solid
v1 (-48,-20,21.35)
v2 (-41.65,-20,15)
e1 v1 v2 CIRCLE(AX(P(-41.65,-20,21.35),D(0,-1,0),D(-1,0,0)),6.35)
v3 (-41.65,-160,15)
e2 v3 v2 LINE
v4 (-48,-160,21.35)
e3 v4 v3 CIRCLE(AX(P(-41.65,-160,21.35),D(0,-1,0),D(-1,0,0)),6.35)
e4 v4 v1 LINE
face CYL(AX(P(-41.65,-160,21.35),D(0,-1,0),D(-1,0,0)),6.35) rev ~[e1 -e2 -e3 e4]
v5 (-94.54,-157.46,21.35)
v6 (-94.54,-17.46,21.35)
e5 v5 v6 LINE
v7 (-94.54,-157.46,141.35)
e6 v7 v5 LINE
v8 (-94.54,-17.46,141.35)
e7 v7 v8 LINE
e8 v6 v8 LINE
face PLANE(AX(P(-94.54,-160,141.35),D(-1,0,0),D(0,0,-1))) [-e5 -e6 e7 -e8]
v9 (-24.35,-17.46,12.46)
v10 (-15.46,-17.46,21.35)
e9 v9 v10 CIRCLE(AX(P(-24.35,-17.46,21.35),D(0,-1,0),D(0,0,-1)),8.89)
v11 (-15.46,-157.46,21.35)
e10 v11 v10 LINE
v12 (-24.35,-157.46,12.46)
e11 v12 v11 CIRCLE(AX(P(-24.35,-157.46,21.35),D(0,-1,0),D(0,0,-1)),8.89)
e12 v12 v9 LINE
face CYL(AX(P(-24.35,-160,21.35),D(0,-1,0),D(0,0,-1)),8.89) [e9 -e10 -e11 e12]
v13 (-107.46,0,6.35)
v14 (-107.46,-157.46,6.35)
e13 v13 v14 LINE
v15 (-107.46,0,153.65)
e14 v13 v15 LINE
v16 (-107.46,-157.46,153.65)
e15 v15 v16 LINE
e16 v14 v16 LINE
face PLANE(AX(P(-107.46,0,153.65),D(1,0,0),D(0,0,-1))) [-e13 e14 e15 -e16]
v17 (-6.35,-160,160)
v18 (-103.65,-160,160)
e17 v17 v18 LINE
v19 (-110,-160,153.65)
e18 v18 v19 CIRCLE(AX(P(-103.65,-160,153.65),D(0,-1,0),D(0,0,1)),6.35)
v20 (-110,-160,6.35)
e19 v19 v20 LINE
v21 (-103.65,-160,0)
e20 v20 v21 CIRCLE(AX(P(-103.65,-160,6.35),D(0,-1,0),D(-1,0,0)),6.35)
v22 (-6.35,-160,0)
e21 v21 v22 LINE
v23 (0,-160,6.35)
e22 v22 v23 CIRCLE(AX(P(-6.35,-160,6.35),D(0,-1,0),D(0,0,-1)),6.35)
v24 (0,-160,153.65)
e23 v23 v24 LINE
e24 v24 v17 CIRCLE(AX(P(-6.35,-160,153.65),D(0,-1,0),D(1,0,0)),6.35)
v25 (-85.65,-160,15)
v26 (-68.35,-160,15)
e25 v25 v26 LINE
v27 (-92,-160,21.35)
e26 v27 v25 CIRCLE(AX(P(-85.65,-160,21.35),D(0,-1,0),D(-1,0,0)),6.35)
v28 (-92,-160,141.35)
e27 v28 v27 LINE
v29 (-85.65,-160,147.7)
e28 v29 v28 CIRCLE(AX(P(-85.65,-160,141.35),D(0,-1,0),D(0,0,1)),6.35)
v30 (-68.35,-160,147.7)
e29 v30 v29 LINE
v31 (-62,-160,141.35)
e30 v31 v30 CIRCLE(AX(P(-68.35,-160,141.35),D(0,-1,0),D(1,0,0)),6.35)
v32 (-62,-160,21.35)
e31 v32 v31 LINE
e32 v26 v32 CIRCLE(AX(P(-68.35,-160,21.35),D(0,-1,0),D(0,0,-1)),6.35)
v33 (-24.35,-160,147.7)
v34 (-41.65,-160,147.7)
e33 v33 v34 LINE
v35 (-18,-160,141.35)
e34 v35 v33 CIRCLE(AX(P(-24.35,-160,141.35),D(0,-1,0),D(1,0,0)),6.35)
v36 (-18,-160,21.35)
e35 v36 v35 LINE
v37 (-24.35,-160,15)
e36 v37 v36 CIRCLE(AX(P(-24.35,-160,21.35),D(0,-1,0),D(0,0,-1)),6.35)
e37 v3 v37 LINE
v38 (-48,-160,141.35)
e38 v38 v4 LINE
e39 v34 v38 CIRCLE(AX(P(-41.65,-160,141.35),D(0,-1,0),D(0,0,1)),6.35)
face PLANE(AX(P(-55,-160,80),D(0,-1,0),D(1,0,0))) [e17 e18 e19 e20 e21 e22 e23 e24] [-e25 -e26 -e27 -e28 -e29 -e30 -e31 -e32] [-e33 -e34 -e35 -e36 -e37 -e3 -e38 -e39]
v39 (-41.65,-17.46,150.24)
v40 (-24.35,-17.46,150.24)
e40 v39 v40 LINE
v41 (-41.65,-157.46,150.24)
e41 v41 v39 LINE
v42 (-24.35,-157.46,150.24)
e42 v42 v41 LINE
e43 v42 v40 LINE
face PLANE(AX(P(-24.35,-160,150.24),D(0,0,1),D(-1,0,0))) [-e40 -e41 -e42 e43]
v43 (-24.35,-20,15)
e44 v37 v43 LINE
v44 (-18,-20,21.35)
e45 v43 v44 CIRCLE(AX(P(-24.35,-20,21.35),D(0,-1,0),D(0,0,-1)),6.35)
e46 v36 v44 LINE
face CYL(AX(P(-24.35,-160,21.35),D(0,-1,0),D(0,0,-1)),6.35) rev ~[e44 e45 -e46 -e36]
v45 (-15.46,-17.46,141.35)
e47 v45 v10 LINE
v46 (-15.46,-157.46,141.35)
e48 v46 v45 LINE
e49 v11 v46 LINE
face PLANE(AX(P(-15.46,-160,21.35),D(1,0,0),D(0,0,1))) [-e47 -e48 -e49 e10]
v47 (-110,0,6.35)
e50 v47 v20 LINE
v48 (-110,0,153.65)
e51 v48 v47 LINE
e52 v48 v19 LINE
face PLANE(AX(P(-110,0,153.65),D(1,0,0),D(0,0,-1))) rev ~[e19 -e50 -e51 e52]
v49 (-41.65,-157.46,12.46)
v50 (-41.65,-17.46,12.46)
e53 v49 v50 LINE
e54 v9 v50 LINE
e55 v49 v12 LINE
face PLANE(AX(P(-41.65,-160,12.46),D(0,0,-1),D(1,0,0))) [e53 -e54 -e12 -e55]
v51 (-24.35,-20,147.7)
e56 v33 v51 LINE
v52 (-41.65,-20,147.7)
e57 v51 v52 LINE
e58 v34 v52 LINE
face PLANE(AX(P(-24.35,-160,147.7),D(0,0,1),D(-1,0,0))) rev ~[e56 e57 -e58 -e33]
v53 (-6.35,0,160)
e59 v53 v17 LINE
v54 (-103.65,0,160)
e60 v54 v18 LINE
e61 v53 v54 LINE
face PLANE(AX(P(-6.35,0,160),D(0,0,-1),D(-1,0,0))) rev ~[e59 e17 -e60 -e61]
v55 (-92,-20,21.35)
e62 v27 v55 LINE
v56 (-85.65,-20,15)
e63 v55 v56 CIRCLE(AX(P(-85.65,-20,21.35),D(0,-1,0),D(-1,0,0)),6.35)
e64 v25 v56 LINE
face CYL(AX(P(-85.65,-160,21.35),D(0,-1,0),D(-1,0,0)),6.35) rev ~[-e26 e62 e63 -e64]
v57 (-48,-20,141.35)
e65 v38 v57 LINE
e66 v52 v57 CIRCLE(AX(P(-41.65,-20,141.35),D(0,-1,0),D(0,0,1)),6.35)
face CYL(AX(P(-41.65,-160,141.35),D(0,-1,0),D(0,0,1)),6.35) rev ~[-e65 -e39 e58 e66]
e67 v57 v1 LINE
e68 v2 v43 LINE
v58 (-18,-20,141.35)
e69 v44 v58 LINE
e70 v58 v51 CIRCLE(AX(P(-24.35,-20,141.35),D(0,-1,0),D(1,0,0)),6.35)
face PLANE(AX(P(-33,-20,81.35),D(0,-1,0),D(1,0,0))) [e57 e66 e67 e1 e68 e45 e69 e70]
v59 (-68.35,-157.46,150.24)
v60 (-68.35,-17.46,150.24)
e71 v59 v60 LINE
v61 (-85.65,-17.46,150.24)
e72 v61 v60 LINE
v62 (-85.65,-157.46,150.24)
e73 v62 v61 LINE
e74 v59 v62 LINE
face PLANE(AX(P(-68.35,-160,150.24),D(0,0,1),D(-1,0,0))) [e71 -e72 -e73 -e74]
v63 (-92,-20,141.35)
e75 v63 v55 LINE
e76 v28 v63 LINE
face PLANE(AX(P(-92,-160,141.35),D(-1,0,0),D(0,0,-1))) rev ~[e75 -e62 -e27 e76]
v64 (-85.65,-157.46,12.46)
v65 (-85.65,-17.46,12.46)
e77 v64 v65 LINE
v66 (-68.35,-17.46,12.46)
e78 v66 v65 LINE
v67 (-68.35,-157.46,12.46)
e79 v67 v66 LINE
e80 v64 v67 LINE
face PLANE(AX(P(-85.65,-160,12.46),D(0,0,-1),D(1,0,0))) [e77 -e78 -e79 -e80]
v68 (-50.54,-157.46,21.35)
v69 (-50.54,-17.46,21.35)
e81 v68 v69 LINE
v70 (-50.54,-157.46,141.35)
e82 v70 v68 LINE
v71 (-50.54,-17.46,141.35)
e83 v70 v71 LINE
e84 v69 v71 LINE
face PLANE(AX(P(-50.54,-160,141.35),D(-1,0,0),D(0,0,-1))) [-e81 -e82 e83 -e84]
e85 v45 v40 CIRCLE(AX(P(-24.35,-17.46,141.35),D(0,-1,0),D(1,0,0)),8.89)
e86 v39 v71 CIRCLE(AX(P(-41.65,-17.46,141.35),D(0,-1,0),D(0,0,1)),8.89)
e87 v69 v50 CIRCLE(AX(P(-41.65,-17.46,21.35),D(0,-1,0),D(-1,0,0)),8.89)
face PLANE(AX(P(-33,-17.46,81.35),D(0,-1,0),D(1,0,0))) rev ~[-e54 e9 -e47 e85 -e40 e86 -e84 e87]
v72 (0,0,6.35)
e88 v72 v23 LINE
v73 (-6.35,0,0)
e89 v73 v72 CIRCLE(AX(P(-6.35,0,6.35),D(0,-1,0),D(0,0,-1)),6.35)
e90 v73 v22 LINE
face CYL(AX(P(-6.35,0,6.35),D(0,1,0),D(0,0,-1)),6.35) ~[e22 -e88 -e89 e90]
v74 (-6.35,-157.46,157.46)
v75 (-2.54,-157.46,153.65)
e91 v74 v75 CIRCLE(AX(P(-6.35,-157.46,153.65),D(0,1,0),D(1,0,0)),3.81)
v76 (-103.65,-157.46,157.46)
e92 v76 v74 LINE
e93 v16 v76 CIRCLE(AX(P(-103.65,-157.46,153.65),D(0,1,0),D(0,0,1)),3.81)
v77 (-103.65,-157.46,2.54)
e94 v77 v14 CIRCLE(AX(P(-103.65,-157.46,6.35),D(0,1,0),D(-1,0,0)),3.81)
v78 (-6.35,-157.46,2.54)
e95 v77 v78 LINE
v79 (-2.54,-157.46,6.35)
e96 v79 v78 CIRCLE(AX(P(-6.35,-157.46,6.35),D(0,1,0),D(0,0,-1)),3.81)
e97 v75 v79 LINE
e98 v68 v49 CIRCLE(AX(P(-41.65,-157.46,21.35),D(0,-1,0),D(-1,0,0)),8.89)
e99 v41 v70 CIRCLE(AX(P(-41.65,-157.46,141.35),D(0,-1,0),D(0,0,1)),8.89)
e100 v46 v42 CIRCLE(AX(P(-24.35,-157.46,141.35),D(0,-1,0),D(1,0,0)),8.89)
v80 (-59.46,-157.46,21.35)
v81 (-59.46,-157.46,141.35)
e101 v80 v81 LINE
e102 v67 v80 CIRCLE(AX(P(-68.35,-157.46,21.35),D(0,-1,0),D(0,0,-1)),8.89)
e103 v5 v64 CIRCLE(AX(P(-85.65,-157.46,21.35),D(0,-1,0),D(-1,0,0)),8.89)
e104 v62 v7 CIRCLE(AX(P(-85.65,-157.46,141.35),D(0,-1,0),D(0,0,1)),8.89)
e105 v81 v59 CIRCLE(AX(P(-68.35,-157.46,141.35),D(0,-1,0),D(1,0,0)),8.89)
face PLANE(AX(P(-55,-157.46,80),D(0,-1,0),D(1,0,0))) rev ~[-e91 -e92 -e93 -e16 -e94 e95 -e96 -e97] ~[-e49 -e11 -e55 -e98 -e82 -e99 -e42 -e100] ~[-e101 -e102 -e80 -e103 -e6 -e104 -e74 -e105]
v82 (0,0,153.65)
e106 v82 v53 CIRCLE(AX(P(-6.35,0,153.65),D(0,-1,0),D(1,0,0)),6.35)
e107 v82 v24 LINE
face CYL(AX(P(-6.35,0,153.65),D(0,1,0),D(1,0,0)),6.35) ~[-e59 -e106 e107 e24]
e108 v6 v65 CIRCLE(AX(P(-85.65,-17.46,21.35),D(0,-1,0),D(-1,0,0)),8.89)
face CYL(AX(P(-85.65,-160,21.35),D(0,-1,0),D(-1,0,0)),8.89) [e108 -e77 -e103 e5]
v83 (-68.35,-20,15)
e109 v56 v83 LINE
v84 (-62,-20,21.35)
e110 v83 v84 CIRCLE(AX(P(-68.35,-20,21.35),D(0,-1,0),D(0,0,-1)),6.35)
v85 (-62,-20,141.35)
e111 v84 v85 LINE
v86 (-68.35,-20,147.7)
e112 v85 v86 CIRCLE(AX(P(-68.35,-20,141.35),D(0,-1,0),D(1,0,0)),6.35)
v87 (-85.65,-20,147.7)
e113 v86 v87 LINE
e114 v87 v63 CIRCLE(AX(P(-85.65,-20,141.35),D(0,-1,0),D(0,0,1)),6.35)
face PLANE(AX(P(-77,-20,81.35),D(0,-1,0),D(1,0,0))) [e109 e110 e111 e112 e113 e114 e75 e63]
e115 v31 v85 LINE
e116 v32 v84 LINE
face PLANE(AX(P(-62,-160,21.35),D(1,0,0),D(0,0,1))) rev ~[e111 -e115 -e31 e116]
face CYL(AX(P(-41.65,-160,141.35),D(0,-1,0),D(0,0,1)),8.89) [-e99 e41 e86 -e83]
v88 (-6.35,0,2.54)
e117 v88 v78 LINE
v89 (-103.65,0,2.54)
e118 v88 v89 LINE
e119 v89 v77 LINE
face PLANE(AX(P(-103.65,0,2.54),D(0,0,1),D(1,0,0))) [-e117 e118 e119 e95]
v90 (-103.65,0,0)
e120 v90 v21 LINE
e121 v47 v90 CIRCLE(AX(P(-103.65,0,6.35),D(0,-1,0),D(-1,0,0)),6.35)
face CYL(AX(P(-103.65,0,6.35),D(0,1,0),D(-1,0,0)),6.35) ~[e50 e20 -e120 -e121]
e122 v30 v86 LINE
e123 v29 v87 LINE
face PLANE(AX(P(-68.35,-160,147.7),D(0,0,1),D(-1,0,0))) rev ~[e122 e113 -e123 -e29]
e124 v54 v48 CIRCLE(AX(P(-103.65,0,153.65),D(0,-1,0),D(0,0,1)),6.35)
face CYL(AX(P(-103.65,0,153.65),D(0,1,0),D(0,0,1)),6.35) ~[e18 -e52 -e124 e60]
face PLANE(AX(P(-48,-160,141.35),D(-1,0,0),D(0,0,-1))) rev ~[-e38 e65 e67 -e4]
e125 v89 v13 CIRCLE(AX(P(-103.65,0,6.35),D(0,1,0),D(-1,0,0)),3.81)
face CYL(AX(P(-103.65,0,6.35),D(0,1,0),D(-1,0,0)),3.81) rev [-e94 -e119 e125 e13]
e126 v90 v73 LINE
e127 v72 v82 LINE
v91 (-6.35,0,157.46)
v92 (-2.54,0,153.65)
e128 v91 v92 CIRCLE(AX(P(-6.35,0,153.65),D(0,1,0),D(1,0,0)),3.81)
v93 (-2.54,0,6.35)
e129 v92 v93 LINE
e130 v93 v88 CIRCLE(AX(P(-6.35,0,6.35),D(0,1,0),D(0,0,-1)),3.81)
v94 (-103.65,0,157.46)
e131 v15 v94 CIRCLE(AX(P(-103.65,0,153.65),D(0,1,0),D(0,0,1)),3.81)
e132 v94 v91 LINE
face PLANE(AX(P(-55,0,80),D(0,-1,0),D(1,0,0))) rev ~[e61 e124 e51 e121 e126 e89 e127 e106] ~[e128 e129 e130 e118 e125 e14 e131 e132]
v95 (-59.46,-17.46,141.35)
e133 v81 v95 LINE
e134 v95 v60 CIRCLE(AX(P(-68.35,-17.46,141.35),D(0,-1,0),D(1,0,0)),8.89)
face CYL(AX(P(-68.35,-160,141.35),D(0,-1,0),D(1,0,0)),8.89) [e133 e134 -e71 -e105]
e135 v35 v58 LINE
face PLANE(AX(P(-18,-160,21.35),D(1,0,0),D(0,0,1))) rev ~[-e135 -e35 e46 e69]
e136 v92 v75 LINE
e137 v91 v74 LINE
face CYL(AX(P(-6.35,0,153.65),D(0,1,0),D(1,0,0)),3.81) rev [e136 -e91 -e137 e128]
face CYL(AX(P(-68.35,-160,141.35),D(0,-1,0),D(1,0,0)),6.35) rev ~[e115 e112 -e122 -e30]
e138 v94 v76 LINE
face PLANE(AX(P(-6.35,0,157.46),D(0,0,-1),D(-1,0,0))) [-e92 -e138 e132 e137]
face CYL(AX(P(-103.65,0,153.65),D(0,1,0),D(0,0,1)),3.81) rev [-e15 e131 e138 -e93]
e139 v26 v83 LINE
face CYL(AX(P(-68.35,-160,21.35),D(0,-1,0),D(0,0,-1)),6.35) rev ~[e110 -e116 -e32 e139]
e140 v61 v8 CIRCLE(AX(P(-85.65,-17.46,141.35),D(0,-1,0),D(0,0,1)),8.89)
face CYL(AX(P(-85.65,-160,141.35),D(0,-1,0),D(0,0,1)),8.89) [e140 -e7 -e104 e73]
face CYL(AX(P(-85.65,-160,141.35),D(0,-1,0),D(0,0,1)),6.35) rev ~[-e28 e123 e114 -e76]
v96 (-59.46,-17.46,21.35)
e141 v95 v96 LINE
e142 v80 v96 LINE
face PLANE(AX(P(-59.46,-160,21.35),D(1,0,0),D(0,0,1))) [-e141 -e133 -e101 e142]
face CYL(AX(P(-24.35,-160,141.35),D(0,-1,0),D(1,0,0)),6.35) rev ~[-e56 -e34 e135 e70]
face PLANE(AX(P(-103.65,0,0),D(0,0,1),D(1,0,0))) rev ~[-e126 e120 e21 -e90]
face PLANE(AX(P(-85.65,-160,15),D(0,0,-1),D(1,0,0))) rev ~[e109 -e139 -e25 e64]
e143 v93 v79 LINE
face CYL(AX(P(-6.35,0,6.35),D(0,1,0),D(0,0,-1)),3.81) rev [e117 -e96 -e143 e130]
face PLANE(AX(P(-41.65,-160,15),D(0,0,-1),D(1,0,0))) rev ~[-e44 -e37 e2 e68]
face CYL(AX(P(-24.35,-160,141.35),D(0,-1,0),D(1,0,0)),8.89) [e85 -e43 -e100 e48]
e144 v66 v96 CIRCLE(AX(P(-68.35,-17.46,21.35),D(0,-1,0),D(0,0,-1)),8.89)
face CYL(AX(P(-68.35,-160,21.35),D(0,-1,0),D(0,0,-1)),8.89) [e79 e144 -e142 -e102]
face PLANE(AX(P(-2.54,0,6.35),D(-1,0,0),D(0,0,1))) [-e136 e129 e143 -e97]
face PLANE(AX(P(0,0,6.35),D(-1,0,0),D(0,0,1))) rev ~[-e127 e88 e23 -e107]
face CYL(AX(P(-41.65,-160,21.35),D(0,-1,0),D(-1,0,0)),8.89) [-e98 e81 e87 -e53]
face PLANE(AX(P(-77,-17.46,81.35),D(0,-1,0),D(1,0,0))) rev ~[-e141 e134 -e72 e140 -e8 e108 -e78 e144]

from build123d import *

# Parameters (mm, degrees)
F1_DEPTH = 160
F3_DEPTH = 140
F4_T     = -2.54


with BuildPart() as f1:
    # F0 (on Front) → F1 (new body)
    with BuildSketch(Plane.XZ):
        with BuildLine():
            Line((-103.65, 0), (-6.35, 0))
            ThreePointArc((-6.35, 0), (-1.8598719395, 1.8598719395), (0, 6.35))
            Line((0, 6.35), (0, 153.65))
            ThreePointArc((0, 153.65), (-1.8598719395, 158.1401280605), (-6.35, 160))
            Line((-6.35, 160), (-103.65, 160))
            ThreePointArc((-103.65, 160), (-108.1401280605, 158.1401280605), (-110, 153.65))
            Line((-110, 153.65), (-110, 6.35))
            ThreePointArc((-110, 6.35), (-108.1401280605, 1.8598719395), (-103.65, 0))
        make_face()
    extrude(amount=F1_DEPTH)

    # F2 (on face) → F3 (cut)
    with BuildSketch(Plane.XZ.offset(160)):
        with BuildLine():
            Line((-24.35, 147.7), (-41.65, 147.7))
            ThreePointArc((-41.65, 147.7), (-46.1401280605, 145.8401280605), (-48, 141.35))
            Line((-48, 141.35), (-48, 21.35))
            ThreePointArc((-48, 21.35), (-46.1401280605, 16.8598719395), (-41.65, 15))
            Line((-41.65, 15), (-24.35, 15))
            ThreePointArc((-24.35, 15), (-19.8598719395, 16.8598719395), (-18, 21.35))
            Line((-18, 21.35), (-18, 141.35))
            ThreePointArc((-18, 141.35), (-19.8598719395, 145.8401280605), (-24.35, 147.7))
        make_face()
        with BuildLine():
            Line((-68.35, 147.7), (-85.65, 147.7))
            ThreePointArc((-85.65, 147.7), (-90.1401280605, 145.8401280605), (-92, 141.35))
            Line((-92, 141.35), (-92, 21.35))
            ThreePointArc((-92, 21.35), (-90.1401280605, 16.8598719395), (-85.65, 15))
            Line((-85.65, 15), (-68.35, 15))
            ThreePointArc((-68.35, 15), (-63.8598719395, 16.8598719395), (-62, 21.35))
            Line((-62, 21.35), (-62, 141.35))
            ThreePointArc((-62, 141.35), (-63.8598719395, 145.8401280605), (-68.35, 147.7))
        make_face()
    extrude(amount=-F3_DEPTH, mode=Mode.SUBTRACT)

    # F4
    f4_openings = [f1.faces().sort_by_distance(p)[0] for p in [
        (-55, 0, 80),
    ]]
    offset(amount=F4_T, openings=f4_openings, kind=Kind.INTERSECTION)


solid = f1.part
